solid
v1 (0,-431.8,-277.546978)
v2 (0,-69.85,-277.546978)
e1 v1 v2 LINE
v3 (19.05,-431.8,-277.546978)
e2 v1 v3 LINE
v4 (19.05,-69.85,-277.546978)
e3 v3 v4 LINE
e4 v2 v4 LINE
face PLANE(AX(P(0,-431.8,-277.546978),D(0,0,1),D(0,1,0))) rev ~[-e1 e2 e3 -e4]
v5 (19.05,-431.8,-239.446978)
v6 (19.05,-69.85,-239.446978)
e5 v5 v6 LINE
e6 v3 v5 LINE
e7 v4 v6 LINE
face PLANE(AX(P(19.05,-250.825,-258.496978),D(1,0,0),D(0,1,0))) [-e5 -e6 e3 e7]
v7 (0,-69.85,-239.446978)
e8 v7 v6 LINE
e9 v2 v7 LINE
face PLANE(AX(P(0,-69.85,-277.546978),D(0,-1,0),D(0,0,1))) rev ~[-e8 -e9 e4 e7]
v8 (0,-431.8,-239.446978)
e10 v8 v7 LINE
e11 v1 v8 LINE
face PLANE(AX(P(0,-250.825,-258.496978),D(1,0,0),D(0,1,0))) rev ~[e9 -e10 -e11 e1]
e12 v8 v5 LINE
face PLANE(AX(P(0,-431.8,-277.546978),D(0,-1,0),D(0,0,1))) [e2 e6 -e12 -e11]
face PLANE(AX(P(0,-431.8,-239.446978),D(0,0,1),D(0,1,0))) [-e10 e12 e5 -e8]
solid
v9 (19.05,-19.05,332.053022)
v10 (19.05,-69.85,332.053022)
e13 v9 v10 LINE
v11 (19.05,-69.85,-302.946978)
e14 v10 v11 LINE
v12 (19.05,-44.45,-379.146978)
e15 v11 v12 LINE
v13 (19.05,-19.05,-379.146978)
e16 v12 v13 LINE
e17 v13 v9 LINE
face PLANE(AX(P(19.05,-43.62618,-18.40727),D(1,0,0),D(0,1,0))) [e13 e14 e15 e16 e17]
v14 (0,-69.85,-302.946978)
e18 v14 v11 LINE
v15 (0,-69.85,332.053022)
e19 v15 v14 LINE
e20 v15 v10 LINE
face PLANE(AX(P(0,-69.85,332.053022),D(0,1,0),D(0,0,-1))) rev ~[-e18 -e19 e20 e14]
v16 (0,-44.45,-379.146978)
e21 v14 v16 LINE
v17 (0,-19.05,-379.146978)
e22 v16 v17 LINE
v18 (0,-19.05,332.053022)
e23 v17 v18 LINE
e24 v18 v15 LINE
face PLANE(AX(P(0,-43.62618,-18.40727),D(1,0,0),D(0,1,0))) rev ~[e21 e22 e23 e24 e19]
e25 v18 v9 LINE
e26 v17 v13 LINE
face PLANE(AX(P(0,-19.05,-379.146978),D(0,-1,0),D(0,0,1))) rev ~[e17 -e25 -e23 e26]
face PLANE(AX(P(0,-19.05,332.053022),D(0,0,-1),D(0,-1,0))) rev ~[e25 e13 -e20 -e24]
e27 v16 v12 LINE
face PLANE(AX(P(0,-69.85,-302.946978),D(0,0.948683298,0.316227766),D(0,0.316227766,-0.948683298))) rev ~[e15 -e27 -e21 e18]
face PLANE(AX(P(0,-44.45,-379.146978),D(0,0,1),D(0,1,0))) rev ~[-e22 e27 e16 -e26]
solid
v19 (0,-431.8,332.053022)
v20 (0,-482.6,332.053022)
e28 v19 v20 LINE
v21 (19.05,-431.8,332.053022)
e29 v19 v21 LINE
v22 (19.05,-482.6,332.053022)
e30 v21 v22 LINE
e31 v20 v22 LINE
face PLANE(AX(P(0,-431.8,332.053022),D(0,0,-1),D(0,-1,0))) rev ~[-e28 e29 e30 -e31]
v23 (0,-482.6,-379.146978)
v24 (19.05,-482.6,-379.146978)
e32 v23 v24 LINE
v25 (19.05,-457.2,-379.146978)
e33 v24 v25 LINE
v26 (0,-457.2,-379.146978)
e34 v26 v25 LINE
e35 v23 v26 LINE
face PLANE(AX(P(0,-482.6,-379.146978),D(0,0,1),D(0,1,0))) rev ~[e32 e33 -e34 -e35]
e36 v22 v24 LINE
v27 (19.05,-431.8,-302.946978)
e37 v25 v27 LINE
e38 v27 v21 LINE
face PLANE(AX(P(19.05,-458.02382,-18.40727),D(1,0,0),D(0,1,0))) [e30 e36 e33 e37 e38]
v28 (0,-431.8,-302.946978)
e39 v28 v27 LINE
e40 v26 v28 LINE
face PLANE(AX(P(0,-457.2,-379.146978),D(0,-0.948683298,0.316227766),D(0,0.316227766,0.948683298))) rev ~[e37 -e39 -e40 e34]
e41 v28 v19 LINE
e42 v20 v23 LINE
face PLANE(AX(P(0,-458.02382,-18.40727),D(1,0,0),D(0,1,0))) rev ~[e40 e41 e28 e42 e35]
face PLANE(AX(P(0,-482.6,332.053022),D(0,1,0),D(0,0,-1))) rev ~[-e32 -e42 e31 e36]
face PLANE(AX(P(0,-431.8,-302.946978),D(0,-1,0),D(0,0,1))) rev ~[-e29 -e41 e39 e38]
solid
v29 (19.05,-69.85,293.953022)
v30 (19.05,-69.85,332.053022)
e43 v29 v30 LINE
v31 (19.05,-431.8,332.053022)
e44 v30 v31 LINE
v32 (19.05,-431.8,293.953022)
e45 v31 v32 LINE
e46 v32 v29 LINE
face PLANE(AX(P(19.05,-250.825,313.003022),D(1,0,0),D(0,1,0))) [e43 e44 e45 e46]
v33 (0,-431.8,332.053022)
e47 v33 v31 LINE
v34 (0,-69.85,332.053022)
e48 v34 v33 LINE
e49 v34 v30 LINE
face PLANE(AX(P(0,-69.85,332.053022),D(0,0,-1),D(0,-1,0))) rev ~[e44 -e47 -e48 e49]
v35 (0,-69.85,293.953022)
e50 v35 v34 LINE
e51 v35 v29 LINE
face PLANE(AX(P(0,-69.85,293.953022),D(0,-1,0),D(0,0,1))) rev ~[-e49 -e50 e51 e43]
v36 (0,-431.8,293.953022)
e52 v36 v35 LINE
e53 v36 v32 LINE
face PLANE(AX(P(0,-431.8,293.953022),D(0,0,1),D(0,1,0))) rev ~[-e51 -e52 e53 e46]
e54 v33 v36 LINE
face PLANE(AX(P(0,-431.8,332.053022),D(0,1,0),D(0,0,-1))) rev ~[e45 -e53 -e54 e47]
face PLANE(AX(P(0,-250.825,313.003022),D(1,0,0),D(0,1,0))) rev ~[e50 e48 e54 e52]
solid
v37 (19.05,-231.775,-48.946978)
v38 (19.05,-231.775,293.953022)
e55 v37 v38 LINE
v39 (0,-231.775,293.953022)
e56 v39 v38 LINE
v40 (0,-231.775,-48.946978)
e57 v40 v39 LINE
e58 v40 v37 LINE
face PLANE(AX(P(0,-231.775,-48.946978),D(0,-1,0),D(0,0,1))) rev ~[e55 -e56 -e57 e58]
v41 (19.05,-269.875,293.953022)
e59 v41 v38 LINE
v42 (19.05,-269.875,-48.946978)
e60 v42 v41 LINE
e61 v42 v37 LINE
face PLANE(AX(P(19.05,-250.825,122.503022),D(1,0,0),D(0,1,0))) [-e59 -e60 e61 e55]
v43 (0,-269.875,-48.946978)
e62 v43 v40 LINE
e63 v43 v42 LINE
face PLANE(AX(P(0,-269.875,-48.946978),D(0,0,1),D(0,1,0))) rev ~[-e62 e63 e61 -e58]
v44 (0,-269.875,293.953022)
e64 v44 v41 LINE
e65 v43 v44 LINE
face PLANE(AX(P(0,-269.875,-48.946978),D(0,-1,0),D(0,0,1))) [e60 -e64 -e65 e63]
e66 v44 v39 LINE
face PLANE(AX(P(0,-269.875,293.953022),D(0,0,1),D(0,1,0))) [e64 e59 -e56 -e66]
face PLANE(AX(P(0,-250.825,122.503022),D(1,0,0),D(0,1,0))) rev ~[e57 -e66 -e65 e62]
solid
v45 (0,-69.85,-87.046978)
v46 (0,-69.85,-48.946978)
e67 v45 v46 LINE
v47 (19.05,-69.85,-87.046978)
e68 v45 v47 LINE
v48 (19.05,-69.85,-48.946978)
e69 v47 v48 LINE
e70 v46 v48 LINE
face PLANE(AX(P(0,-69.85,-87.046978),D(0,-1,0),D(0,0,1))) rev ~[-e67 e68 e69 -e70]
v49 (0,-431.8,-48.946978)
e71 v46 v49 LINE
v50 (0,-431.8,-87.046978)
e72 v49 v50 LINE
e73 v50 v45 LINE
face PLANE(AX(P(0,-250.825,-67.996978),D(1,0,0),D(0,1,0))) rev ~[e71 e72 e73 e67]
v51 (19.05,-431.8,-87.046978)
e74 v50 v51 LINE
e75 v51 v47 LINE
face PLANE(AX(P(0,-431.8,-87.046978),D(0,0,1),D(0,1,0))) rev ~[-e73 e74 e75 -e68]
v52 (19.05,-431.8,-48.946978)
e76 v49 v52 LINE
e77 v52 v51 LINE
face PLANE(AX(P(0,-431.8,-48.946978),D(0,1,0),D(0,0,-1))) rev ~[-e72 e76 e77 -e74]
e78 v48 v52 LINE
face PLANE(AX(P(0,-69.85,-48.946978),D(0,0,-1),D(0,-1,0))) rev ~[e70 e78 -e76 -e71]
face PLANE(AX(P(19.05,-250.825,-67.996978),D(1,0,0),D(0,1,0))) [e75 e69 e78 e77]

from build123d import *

# Parameters (mm, degrees)
F0_W     = 38.1
F0_H     = 342.9
F1_DEPTH = 19.05
F0_W_2   = 361.95
F0_H_2   = 38.1
F2_DEPTH = 19.05


with BuildPart() as f1:
    # F0 (on Right) → F1 (new body)
    with BuildSketch(Plane.YZ):
        Polygon((-431.8, 293.953022), (-431.8, 332.053022), (-482.6, 332.053022), (-482.6, -379.146978), (-457.2, -379.146978), (-431.8, -302.946978), (-431.8, -277.546978), (-431.8, -239.446978), (-431.8, -87.046978), (-431.8, -48.946978), align=None)
        with Locations((-250.825, 122.503022)):
            Rectangle(F0_W, F0_H)
        Polygon((-19.05, 332.053022), (-69.85, 332.053022), (-69.85, 293.953022), (-69.85, -48.946978), (-69.85, -87.046978), (-69.85, -239.446978), (-69.85, -277.546978), (-69.85, -302.946978), (-44.45, -379.146978), (-19.05, -379.146978), align=None)
    extrude(amount=F1_DEPTH)


with BuildPart() as f2:
    # F0 (on Right) → F2 (new body)
    with BuildSketch(Plane.YZ):
        Polygon((-69.85, 332.053022), (-431.8, 332.053022), (-431.8, 293.953022), (-269.875, 293.953022), (-231.775, 293.953022), (-69.85, 293.953022), align=None)
        Polygon((-269.875, -48.946978), (-431.8, -48.946978), (-431.8, -87.046978), (-69.85, -87.046978), (-69.85, -48.946978), (-231.775, -48.946978), align=None)
        with Locations((-250.825, -258.496978)):
            Rectangle(F0_W_2, F0_H_2)
    extrude(amount=F2_DEPTH)


solid = Compound([f1.part, f2.part])
